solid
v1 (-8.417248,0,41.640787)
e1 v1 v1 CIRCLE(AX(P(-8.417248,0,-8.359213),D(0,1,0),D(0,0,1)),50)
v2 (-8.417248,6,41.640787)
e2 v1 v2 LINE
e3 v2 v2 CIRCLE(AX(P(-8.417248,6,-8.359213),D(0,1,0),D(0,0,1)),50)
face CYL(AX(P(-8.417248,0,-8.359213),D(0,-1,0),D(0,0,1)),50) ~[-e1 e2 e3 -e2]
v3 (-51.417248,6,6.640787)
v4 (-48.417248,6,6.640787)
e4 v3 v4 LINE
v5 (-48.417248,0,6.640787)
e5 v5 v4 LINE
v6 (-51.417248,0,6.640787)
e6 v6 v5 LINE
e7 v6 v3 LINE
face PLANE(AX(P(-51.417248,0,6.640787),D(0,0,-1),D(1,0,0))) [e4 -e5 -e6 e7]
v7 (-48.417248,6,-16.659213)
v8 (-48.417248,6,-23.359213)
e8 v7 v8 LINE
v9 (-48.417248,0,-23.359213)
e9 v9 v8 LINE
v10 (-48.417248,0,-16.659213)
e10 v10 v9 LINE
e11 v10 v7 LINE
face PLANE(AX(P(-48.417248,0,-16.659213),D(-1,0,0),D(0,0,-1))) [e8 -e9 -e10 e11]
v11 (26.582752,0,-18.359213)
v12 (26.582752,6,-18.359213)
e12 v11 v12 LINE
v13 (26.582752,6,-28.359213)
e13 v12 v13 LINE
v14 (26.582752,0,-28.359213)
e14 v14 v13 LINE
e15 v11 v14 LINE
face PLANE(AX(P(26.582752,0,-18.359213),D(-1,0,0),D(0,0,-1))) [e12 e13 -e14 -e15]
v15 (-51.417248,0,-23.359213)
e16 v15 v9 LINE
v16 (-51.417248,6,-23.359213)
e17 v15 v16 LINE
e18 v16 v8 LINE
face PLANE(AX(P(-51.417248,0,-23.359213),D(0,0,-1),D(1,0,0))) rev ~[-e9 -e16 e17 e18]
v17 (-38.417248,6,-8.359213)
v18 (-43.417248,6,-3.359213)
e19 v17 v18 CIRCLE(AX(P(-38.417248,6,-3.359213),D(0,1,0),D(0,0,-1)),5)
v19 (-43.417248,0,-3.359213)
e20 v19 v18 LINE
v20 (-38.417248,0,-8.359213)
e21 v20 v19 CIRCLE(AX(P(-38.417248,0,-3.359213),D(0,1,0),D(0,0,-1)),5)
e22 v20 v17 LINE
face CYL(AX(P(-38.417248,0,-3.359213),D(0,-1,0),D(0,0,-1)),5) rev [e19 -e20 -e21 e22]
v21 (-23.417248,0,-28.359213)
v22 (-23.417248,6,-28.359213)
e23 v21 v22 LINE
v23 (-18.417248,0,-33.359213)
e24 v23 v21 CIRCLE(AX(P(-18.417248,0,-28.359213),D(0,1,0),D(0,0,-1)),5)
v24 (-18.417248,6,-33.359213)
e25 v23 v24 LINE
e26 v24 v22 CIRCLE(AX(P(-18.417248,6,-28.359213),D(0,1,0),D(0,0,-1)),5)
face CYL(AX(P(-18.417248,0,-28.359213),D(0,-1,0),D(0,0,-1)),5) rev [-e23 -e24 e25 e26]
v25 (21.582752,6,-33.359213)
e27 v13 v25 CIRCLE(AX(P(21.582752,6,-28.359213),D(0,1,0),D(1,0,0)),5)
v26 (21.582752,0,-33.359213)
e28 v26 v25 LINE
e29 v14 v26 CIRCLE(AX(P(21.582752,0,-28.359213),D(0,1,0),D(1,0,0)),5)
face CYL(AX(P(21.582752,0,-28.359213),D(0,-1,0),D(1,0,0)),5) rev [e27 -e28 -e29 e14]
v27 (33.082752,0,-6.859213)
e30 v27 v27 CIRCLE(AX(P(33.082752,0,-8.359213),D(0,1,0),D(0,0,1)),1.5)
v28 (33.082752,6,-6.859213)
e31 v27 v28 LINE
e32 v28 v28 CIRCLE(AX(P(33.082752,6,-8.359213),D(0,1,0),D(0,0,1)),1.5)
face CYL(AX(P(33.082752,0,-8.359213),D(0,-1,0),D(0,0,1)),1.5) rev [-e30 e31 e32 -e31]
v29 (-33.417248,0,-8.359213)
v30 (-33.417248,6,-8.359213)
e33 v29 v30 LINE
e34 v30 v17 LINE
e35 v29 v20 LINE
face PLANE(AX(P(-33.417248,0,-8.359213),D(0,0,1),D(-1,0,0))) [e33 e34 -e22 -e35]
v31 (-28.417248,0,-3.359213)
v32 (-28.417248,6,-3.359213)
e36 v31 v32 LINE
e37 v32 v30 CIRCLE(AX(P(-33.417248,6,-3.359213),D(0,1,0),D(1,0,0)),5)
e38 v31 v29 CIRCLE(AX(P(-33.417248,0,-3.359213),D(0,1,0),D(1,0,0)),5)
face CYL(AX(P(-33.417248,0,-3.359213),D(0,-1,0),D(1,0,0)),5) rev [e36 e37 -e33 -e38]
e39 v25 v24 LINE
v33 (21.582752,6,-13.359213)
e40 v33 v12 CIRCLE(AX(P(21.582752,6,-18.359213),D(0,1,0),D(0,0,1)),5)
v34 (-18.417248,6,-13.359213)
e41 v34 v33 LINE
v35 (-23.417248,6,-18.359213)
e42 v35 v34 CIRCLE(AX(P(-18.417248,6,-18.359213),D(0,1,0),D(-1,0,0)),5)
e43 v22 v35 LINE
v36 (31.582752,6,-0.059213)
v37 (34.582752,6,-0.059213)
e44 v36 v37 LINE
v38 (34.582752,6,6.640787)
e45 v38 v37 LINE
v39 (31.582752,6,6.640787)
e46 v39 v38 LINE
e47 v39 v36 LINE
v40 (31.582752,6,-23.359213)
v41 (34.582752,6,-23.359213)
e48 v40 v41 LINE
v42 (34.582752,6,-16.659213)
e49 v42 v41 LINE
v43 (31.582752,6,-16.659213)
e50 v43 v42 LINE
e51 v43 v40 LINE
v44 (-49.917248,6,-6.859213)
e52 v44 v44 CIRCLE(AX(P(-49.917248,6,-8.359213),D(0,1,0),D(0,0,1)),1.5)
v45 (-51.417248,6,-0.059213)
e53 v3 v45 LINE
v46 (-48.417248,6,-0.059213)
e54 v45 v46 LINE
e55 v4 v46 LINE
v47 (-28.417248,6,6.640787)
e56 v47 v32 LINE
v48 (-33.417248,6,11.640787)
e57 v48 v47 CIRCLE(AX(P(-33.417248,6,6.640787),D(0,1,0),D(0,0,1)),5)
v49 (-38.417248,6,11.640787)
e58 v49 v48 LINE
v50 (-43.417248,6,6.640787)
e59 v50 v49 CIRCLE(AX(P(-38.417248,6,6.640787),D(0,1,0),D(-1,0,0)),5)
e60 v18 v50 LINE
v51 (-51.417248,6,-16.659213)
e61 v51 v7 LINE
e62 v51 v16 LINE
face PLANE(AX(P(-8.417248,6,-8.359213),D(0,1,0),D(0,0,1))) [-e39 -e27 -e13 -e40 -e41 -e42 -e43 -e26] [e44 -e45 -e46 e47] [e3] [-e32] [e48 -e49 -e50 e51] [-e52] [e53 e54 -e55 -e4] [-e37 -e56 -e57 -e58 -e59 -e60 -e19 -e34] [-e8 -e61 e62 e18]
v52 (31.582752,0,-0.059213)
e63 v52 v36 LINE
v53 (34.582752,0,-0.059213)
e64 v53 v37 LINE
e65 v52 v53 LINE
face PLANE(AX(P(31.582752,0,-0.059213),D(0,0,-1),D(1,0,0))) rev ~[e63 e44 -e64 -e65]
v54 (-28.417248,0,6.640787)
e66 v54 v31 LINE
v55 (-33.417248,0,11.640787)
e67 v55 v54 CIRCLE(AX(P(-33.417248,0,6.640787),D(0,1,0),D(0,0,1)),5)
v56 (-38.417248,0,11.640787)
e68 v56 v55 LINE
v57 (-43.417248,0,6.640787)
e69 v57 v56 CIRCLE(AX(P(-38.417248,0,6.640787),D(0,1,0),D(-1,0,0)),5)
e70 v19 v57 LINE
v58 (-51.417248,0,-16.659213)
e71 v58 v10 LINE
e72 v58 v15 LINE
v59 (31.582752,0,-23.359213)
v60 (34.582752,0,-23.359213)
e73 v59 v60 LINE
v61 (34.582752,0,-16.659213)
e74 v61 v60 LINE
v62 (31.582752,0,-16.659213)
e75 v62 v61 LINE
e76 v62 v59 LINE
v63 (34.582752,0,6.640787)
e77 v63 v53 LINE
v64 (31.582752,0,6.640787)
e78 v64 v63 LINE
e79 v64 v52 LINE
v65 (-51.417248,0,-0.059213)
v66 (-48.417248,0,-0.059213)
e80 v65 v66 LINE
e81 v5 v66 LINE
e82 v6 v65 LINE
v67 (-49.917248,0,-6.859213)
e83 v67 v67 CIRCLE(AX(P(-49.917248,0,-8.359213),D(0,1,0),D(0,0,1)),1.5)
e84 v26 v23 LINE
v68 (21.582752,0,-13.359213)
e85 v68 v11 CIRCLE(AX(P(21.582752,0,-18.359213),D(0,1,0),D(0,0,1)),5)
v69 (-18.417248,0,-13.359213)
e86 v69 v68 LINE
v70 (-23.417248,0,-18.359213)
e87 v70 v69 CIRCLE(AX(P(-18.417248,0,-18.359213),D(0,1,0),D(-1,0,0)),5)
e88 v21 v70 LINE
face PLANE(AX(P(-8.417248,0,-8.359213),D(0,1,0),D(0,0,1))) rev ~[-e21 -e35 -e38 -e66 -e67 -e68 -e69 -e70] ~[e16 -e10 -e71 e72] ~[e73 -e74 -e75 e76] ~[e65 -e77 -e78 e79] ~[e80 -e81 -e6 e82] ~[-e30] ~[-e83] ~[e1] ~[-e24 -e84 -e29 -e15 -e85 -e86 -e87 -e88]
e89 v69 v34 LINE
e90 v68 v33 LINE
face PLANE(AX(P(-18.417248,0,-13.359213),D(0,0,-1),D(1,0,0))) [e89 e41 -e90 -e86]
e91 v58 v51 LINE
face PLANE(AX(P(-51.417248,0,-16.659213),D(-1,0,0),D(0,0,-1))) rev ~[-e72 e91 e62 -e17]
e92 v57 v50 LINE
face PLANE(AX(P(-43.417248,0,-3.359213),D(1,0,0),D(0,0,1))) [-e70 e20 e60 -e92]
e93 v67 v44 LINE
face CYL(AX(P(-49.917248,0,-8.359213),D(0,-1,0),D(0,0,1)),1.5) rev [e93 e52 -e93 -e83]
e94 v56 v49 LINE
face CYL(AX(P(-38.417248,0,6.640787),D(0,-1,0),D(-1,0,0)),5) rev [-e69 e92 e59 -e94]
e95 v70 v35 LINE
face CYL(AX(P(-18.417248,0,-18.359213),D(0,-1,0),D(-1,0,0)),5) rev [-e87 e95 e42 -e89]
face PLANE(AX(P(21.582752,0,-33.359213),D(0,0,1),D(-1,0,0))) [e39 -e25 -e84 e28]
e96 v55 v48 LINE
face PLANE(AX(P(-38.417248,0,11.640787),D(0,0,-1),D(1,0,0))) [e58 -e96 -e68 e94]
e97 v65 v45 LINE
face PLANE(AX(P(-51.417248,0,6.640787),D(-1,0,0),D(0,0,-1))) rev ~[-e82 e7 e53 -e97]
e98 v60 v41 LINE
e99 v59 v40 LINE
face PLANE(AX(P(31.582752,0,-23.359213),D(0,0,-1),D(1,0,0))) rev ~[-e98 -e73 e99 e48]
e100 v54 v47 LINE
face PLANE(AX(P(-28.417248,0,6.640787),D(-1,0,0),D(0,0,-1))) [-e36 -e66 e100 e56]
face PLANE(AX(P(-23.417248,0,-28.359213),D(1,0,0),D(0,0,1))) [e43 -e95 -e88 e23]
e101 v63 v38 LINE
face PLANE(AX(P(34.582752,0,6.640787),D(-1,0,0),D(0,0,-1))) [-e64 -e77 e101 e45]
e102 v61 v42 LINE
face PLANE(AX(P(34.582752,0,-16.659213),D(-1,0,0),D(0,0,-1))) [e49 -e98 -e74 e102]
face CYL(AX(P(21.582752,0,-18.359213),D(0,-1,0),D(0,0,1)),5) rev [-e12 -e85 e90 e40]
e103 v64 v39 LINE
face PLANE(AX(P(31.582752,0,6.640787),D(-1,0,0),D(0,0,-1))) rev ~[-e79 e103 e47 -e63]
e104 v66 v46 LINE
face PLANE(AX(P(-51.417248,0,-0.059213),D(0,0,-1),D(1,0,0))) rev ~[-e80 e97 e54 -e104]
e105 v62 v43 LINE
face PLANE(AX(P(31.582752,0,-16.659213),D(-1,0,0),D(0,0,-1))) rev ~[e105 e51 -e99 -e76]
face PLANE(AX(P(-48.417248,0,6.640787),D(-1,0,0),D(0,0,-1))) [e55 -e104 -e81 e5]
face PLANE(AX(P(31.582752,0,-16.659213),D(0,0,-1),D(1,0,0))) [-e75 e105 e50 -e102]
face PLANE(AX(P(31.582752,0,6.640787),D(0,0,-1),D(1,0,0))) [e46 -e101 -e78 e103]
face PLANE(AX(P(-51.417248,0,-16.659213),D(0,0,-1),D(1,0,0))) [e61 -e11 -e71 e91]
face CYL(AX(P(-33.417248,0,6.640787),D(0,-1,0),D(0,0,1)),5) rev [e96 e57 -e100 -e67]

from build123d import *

# Parameters (mm, degrees)
SKETCH2_R           = 50
SKETCH2_R_2         = 1.5
SKETCH2_W           = 3
SKETCH2_H           = 6.7
BOSS_EXTRUDE2_DEPTH = 6


with BuildPart() as part:
    # Sketch2 → Boss-Extrude2 (new body)
    with BuildSketch(Plane(origin=(0, 0, 0), x_dir=(1, 0, 0), z_dir=(0, 1, 0))):
        with Locations(Location((-8.417247628, 8.35921329, 0), (0, 0, 270))):
            Circle(SKETCH2_R)
        with Locations(Location((33.082752372, 8.35921329, 0), (0, 0, 270))):
            Circle(SKETCH2_R_2, mode=Mode.SUBTRACT)
        with Locations(Location((-49.917247628, 8.35921329, 0), (0, 0, 270))):
            Circle(SKETCH2_R_2, mode=Mode.SUBTRACT)
        with Locations((-49.917247628, 20.00921329)):
            Rectangle(SKETCH2_W, SKETCH2_H, mode=Mode.SUBTRACT)
        with Locations((-49.917247628, -3.29078671)):
            Rectangle(SKETCH2_W, SKETCH2_H, mode=Mode.SUBTRACT)
        with Locations((33.082752372, 20.00921329)):
            Rectangle(SKETCH2_W, SKETCH2_H, mode=Mode.SUBTRACT)
        with Locations((33.082752372, -3.29078671)):
            Rectangle(SKETCH2_W, SKETCH2_H, mode=Mode.SUBTRACT)
        with BuildLine():
            Line((21.582752372, 33.35921329), (-18.417247628, 33.35921329))
            ThreePointArc((-18.417247628, 33.35921329), (-21.952781534, 31.894747196), (-23.417247628, 28.35921329))
            Line((-23.417247628, 28.35921329), (-23.417247628, 18.35921329))
            ThreePointArc((-23.417247628, 18.35921329), (-21.952781534, 14.823679384), (-18.417247628, 13.35921329))
            Line((-18.417247628, 13.35921329), (21.582752372, 13.35921329))
            ThreePointArc((21.582752372, 13.35921329), (25.118286278, 14.823679384), (26.582752372, 18.35921329))
            Line((26.582752372, 18.35921329), (26.582752372, 28.35921329))
            ThreePointArc((26.582752372, 28.35921329), (25.118286278, 31.894747196), (21.582752372, 33.35921329))
        make_face(mode=Mode.SUBTRACT)
        with BuildLine():
            Line((-33.417247628, 8.35921329), (-38.417247628, 8.35921329))
            ThreePointArc((-38.417247628, 8.35921329), (-41.952781534, 6.894747196), (-43.417247628, 3.35921329))
            Line((-43.417247628, 3.35921329), (-43.417247628, -6.64078671))
            ThreePointArc((-43.417247628, -6.64078671), (-41.952781534, -10.176320616), (-38.417247628, -11.64078671))
            Line((-38.417247628, -11.64078671), (-33.417247628, -11.64078671))
            ThreePointArc((-33.417247628, -11.64078671), (-29.881713722, -10.176320616), (-28.417247628, -6.64078671))
            Line((-28.417247628, -6.64078671), (-28.417247628, 3.35921329))
            ThreePointArc((-28.417247628, 3.35921329), (-29.881713722, 6.894747196), (-33.417247628, 8.35921329))
        make_face(mode=Mode.SUBTRACT)
    extrude(amount=BOSS_EXTRUDE2_DEPTH)


solid = part.part
